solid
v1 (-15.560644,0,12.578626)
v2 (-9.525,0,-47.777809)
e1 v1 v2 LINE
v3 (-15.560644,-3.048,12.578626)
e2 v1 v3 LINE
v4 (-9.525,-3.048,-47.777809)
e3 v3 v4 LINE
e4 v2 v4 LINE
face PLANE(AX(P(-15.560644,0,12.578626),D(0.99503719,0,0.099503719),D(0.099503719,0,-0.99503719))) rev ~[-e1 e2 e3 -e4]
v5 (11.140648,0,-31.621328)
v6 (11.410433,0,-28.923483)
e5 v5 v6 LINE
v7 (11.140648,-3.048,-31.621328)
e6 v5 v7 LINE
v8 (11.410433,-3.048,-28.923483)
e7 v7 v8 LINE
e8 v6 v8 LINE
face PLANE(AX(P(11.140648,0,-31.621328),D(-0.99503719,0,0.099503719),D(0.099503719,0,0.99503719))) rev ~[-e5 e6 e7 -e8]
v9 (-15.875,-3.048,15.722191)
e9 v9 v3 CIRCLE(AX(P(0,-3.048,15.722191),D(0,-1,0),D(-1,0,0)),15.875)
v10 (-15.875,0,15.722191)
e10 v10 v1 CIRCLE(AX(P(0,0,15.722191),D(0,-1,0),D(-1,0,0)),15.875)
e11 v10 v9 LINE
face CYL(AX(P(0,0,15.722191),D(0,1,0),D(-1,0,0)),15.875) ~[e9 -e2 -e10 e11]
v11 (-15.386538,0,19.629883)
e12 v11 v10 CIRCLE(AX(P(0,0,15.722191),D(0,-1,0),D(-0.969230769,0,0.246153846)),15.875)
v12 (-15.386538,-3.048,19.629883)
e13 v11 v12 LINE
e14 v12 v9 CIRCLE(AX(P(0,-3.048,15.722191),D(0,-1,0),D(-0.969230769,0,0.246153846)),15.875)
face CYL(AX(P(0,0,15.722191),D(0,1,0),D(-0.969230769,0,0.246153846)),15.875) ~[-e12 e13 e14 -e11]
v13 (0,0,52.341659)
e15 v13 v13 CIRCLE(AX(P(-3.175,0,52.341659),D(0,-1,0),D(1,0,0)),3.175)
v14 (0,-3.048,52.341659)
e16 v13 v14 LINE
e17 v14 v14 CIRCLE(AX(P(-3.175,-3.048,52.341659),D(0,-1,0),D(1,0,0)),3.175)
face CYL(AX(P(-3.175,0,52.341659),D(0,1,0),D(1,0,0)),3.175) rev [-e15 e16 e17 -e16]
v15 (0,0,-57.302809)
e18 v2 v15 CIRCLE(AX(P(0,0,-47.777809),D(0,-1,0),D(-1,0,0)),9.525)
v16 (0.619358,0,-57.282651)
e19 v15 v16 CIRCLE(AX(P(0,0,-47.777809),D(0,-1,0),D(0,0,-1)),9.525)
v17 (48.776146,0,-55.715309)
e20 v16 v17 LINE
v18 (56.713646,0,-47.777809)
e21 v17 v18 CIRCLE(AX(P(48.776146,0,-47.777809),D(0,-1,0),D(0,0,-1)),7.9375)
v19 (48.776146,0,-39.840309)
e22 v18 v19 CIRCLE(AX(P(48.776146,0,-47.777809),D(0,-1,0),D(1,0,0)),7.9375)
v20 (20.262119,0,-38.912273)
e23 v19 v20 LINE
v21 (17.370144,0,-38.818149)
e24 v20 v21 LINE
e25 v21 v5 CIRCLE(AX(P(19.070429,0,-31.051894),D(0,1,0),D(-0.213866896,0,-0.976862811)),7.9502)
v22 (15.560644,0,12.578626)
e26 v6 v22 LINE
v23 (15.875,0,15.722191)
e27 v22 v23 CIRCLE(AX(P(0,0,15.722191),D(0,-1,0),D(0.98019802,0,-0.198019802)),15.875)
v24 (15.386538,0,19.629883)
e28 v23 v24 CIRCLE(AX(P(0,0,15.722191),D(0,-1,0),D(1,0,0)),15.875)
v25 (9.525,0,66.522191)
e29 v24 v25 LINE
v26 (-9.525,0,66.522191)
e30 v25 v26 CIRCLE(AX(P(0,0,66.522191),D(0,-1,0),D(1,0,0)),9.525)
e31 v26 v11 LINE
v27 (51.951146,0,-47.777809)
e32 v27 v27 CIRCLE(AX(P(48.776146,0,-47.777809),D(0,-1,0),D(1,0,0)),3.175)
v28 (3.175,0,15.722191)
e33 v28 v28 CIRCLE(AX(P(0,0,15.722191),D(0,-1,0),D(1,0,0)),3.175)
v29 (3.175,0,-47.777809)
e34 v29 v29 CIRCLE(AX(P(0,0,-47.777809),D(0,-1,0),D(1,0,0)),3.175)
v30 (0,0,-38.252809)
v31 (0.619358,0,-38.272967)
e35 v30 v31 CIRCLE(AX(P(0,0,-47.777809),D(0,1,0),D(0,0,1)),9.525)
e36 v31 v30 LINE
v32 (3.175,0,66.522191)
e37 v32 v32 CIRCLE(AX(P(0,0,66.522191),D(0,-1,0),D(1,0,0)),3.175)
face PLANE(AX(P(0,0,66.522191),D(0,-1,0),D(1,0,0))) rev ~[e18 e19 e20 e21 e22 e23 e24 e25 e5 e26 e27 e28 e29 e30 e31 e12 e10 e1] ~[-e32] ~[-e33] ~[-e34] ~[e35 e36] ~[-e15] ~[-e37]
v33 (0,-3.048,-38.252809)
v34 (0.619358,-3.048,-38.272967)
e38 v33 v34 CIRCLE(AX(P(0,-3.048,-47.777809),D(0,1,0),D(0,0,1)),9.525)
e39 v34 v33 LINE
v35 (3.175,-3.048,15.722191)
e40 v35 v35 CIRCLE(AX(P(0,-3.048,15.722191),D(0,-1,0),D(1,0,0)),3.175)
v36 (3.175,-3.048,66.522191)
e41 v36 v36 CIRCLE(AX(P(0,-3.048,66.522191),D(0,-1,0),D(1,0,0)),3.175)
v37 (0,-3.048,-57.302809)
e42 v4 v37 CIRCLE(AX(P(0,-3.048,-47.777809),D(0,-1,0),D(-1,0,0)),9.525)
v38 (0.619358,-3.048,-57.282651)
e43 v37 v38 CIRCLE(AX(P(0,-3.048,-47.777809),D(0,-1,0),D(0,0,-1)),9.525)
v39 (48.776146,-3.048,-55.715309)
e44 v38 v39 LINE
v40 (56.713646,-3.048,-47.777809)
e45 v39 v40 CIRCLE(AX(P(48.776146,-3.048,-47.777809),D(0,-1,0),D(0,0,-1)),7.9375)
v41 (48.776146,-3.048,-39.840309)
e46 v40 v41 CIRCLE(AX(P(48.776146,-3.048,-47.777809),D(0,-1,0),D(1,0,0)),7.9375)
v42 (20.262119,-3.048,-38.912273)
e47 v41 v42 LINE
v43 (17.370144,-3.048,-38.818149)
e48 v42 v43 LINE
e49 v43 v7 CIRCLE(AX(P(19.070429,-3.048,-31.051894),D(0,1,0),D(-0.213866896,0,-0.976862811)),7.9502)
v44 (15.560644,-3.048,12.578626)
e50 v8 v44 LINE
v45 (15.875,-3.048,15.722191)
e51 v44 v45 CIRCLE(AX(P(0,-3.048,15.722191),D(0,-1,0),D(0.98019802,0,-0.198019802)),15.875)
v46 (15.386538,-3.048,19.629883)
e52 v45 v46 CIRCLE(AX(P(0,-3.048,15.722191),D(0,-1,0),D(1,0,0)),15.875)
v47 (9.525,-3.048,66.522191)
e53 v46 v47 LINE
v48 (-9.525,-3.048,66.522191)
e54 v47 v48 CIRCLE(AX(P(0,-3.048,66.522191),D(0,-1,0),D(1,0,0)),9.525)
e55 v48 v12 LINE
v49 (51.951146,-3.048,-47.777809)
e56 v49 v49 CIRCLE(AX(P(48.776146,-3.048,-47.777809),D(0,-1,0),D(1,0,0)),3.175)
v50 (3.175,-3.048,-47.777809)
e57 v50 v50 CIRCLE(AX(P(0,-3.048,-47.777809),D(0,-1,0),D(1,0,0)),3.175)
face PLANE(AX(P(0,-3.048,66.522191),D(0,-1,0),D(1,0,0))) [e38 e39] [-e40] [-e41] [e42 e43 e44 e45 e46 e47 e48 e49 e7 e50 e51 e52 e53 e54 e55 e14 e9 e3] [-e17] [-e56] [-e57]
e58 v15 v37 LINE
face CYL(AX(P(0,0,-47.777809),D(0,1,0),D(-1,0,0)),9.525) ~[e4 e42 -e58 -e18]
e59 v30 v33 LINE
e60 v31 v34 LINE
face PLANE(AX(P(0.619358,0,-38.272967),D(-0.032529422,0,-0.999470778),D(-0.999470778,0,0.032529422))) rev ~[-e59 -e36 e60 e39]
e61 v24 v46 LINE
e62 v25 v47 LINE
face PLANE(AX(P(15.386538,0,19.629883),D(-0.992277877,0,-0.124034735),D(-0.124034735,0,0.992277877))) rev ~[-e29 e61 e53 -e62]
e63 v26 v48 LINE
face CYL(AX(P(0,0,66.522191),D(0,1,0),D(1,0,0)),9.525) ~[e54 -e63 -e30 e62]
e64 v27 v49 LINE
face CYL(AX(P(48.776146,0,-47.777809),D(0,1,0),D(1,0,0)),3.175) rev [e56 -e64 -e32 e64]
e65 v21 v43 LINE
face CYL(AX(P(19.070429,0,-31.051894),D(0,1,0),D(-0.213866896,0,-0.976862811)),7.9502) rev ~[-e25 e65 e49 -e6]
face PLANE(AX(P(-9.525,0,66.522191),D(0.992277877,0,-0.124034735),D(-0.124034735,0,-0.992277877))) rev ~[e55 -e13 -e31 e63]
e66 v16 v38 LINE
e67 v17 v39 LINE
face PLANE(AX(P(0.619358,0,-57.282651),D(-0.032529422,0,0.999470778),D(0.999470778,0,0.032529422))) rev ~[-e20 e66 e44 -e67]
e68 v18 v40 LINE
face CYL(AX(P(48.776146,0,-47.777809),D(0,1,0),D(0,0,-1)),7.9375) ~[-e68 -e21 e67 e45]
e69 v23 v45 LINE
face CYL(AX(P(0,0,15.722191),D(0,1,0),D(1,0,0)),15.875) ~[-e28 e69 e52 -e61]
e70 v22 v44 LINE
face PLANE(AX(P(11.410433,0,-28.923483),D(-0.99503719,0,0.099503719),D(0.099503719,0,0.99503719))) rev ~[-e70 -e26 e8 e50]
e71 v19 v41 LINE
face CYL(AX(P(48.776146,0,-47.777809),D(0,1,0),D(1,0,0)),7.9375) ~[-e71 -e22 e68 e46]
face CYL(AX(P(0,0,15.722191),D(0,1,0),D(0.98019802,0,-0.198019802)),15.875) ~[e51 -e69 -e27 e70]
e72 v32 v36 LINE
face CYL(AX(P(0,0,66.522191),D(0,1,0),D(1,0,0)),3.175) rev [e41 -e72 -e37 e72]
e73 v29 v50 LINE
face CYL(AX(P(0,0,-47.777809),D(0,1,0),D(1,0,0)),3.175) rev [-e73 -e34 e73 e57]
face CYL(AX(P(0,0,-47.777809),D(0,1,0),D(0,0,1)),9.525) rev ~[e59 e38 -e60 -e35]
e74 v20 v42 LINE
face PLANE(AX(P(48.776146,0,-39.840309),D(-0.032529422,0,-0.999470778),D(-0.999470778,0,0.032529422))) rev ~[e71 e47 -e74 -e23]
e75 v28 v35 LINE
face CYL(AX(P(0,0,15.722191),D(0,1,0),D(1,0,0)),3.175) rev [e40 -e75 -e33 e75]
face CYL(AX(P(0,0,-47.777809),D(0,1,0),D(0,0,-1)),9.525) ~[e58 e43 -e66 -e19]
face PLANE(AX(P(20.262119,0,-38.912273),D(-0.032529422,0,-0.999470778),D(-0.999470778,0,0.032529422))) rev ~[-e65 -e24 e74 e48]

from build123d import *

# Parameters (mm, degrees)
F0_R     = 3.175
F1_DEPTH = 3.048


with BuildPart() as f1:
    # F0 (on Front) → F1 (new body)
    with BuildSketch(Plane.XZ):
        with BuildLine():
            ThreePointArc((-9.525, 66.5221907973), (0, 56.9971907973), (9.525, 66.5221907973))
            ThreePointArc((9.525, 66.5221907973), (0, 76.0471907973), (-9.525, 66.5221907973))
        make_face()
        with Locations((0, 66.5221907973)):
            Circle(F0_R, mode=Mode.SUBTRACT)
        with BuildLine():
            Line((15.3865384615, 19.629883105), (9.525, 66.5221907973))
            ThreePointArc((9.525, 66.5221907973), (0, 56.9971907973), (-9.525, 66.5221907973))
            Line((-9.525, 66.5221907973), (-15.3865384615, 19.629883105))
            ThreePointArc((-15.3865384615, 19.629883105), (0, 31.5971907973), (15.3865384615, 19.629883105))
        make_face()
        with Locations((-3.175, 52.341658622)):
            Circle(F0_R, mode=Mode.SUBTRACT)
        with BuildLine():
            Line((15.875, 15.7221907973), (15.3865384615, 19.629883105))
            ThreePointArc((15.3865384615, 19.629883105), (0, 31.5971907973), (-15.3865384615, 19.629883105))
            Line((-15.3865384615, 19.629883105), (-15.875, 15.7221907973))
            Line((-15.875, 15.7221907973), (-15.5606435644, 12.5786264409))
            ThreePointArc((-15.5606435644, 12.5786264409), (0, -0.1528092027), (15.5606435644, 12.5786264409))
            Line((15.5606435644, 12.5786264409), (15.875, 15.7221907973))
        make_face()
        with Locations((0, 15.7221907973)):
            Circle(F0_R, mode=Mode.SUBTRACT)
        with BuildLine():
            ThreePointArc((15.875, 15.7221907973), (15.7524112928, 17.6912422089), (15.3865384615, 19.629883105))
            Line((15.3865384615, 19.629883105), (15.875, 15.7221907973))
        make_face()
        with BuildLine():
            Line((-15.875, 15.7221907973), (-15.3865384615, 19.629883105))
            ThreePointArc((-15.3865384615, 19.629883105), (-15.7524112928, 17.6912422089), (-15.875, 15.7221907973))
        make_face()
        with BuildLine():
            ThreePointArc((15.5606435644, 12.5786264409), (15.7962153946, 14.1425692579), (15.875, 15.7221907973))
            Line((15.875, 15.7221907973), (15.5606435644, 12.5786264409))
        make_face()
        with BuildLine():
            Line((-15.5606435644, 12.5786264409), (-15.875, 15.7221907973))
            ThreePointArc((-15.875, 15.7221907973), (-15.7962153946, 14.1425692579), (-15.5606435644, 12.5786264409))
        make_face()
        with BuildLine():
            Line((11.4104326497, -28.9234827055), (15.5606435644, 12.5786264409))
            ThreePointArc((15.5606435644, 12.5786264409), (0, -0.1528092027), (-15.5606435644, 12.5786264409))
            Line((-15.5606435644, 12.5786264409), (-9.525, -47.7778092027))
            ThreePointArc((-9.525, -47.7778092027), (-6.7351920908, -41.0426171119), (0, -38.2528092027))
            ThreePointArc((0, -38.2528092027), (0.309842749, -38.2578500394), (0.6193575471, -38.272967214))
            Line((0.6193575471, -38.272967214), (10.4435098772, -38.5927104307))
            Line((10.4435098772, -38.5927104307), (11.1406480746, -31.6213284562))
            ThreePointArc((11.1406480746, -31.6213284562), (11.1596842937, -30.260819974), (11.4104326497, -28.9234827055))
        make_face()
        with BuildLine():
            Line((11.1406480746, -31.6213284562), (11.4104326497, -28.9234827055))
            ThreePointArc((11.4104326497, -28.9234827055), (11.1596842937, -30.260819974), (11.1406480746, -31.6213284562))
        make_face()
        with BuildLine():
            ThreePointArc((0, -38.2528092027), (-6.7351920908, -41.0426171119), (-9.525, -47.7778092027))
            ThreePointArc((-9.525, -47.7778092027), (-6.7351920908, -54.5130012935), (0, -57.3028092027))
            Line((0, -57.3028092027), (0.6193575471, -57.2826511913))
            ThreePointArc((0.6193575471, -57.2826511913), (6.9507195899, -54.2903449747), (9.525, -47.7778092027))
            ThreePointArc((9.525, -47.7778092027), (6.9507195899, -41.2652734306), (0.6193575471, -38.272967214))
            Line((0.6193575471, -38.272967214), (0, -38.2528092027))
        make_face()
        with Locations((0, -47.7778092027)):
            Circle(F0_R, mode=Mode.SUBTRACT)
        with BuildLine():
            ThreePointArc((17.370144363, -38.8181491572), (13.0593477477, -36.2550264457), (11.1406480746, -31.6213284562))
            Line((11.1406480746, -31.6213284562), (10.4435098772, -38.5927104307))
            Line((10.4435098772, -38.5927104307), (17.370144363, -38.8181491572))
        make_face()
        with BuildLine():
            Line((0.6193575471, -57.2826511913), (0, -57.3028092027))
            ThreePointArc((0, -57.3028092027), (0.309842749, -57.297768366), (0.6193575471, -57.2826511913))
        make_face()
        with BuildLine():
            Line((17.370144363, -38.8181491572), (10.4435098772, -38.5927104307))
            Line((10.4435098772, -38.5927104307), (9.525, -47.7778092027))
            ThreePointArc((9.525, -47.7778092027), (6.9507195899, -54.2903449747), (0.6193575471, -57.2826511913))
            Line((0.6193575471, -57.2826511913), (48.7761460245, -55.7153092027))
            ThreePointArc((48.7761460245, -55.7153092027), (40.8386460245, -47.7778092027), (48.7761460245, -39.8403092027))
            Line((48.7761460245, -39.8403092027), (20.2621190411, -38.9122732358))
            ThreePointArc((20.2621190411, -38.9122732358), (18.8118135488, -38.9978870226), (17.370144363, -38.8181491572))
        make_face()
        with BuildLine():
            Line((20.2621190411, -38.9122732358), (17.370144363, -38.8181491572))
            ThreePointArc((17.370144363, -38.8181491572), (18.8118135488, -38.9978870226), (20.2621190411, -38.9122732358))
        make_face()
        with BuildLine():
            ThreePointArc((48.7761460245, -39.8403092027), (40.8386460245, -47.7778092027), (48.7761460245, -55.7153092027))
            ThreePointArc((48.7761460245, -55.7153092027), (54.3888061001, -53.3904692783), (56.7136460245, -47.7778092027))
            ThreePointArc((56.7136460245, -47.7778092027), (54.3888061001, -42.165149127), (48.7761460245, -39.8403092027))
        make_face()
        with Locations((48.7761460245, -47.7778092027)):
            Circle(F0_R, mode=Mode.SUBTRACT)
        with BuildLine():
            Line((9.525, -47.7778092027), (10.4435098772, -38.5927104307))
            Line((10.4435098772, -38.5927104307), (0.6193575471, -38.272967214))
            ThreePointArc((0.6193575471, -38.272967214), (6.9507195899, -41.2652734306), (9.525, -47.7778092027))
        make_face()
    extrude(amount=F1_DEPTH)


solid = f1.part
